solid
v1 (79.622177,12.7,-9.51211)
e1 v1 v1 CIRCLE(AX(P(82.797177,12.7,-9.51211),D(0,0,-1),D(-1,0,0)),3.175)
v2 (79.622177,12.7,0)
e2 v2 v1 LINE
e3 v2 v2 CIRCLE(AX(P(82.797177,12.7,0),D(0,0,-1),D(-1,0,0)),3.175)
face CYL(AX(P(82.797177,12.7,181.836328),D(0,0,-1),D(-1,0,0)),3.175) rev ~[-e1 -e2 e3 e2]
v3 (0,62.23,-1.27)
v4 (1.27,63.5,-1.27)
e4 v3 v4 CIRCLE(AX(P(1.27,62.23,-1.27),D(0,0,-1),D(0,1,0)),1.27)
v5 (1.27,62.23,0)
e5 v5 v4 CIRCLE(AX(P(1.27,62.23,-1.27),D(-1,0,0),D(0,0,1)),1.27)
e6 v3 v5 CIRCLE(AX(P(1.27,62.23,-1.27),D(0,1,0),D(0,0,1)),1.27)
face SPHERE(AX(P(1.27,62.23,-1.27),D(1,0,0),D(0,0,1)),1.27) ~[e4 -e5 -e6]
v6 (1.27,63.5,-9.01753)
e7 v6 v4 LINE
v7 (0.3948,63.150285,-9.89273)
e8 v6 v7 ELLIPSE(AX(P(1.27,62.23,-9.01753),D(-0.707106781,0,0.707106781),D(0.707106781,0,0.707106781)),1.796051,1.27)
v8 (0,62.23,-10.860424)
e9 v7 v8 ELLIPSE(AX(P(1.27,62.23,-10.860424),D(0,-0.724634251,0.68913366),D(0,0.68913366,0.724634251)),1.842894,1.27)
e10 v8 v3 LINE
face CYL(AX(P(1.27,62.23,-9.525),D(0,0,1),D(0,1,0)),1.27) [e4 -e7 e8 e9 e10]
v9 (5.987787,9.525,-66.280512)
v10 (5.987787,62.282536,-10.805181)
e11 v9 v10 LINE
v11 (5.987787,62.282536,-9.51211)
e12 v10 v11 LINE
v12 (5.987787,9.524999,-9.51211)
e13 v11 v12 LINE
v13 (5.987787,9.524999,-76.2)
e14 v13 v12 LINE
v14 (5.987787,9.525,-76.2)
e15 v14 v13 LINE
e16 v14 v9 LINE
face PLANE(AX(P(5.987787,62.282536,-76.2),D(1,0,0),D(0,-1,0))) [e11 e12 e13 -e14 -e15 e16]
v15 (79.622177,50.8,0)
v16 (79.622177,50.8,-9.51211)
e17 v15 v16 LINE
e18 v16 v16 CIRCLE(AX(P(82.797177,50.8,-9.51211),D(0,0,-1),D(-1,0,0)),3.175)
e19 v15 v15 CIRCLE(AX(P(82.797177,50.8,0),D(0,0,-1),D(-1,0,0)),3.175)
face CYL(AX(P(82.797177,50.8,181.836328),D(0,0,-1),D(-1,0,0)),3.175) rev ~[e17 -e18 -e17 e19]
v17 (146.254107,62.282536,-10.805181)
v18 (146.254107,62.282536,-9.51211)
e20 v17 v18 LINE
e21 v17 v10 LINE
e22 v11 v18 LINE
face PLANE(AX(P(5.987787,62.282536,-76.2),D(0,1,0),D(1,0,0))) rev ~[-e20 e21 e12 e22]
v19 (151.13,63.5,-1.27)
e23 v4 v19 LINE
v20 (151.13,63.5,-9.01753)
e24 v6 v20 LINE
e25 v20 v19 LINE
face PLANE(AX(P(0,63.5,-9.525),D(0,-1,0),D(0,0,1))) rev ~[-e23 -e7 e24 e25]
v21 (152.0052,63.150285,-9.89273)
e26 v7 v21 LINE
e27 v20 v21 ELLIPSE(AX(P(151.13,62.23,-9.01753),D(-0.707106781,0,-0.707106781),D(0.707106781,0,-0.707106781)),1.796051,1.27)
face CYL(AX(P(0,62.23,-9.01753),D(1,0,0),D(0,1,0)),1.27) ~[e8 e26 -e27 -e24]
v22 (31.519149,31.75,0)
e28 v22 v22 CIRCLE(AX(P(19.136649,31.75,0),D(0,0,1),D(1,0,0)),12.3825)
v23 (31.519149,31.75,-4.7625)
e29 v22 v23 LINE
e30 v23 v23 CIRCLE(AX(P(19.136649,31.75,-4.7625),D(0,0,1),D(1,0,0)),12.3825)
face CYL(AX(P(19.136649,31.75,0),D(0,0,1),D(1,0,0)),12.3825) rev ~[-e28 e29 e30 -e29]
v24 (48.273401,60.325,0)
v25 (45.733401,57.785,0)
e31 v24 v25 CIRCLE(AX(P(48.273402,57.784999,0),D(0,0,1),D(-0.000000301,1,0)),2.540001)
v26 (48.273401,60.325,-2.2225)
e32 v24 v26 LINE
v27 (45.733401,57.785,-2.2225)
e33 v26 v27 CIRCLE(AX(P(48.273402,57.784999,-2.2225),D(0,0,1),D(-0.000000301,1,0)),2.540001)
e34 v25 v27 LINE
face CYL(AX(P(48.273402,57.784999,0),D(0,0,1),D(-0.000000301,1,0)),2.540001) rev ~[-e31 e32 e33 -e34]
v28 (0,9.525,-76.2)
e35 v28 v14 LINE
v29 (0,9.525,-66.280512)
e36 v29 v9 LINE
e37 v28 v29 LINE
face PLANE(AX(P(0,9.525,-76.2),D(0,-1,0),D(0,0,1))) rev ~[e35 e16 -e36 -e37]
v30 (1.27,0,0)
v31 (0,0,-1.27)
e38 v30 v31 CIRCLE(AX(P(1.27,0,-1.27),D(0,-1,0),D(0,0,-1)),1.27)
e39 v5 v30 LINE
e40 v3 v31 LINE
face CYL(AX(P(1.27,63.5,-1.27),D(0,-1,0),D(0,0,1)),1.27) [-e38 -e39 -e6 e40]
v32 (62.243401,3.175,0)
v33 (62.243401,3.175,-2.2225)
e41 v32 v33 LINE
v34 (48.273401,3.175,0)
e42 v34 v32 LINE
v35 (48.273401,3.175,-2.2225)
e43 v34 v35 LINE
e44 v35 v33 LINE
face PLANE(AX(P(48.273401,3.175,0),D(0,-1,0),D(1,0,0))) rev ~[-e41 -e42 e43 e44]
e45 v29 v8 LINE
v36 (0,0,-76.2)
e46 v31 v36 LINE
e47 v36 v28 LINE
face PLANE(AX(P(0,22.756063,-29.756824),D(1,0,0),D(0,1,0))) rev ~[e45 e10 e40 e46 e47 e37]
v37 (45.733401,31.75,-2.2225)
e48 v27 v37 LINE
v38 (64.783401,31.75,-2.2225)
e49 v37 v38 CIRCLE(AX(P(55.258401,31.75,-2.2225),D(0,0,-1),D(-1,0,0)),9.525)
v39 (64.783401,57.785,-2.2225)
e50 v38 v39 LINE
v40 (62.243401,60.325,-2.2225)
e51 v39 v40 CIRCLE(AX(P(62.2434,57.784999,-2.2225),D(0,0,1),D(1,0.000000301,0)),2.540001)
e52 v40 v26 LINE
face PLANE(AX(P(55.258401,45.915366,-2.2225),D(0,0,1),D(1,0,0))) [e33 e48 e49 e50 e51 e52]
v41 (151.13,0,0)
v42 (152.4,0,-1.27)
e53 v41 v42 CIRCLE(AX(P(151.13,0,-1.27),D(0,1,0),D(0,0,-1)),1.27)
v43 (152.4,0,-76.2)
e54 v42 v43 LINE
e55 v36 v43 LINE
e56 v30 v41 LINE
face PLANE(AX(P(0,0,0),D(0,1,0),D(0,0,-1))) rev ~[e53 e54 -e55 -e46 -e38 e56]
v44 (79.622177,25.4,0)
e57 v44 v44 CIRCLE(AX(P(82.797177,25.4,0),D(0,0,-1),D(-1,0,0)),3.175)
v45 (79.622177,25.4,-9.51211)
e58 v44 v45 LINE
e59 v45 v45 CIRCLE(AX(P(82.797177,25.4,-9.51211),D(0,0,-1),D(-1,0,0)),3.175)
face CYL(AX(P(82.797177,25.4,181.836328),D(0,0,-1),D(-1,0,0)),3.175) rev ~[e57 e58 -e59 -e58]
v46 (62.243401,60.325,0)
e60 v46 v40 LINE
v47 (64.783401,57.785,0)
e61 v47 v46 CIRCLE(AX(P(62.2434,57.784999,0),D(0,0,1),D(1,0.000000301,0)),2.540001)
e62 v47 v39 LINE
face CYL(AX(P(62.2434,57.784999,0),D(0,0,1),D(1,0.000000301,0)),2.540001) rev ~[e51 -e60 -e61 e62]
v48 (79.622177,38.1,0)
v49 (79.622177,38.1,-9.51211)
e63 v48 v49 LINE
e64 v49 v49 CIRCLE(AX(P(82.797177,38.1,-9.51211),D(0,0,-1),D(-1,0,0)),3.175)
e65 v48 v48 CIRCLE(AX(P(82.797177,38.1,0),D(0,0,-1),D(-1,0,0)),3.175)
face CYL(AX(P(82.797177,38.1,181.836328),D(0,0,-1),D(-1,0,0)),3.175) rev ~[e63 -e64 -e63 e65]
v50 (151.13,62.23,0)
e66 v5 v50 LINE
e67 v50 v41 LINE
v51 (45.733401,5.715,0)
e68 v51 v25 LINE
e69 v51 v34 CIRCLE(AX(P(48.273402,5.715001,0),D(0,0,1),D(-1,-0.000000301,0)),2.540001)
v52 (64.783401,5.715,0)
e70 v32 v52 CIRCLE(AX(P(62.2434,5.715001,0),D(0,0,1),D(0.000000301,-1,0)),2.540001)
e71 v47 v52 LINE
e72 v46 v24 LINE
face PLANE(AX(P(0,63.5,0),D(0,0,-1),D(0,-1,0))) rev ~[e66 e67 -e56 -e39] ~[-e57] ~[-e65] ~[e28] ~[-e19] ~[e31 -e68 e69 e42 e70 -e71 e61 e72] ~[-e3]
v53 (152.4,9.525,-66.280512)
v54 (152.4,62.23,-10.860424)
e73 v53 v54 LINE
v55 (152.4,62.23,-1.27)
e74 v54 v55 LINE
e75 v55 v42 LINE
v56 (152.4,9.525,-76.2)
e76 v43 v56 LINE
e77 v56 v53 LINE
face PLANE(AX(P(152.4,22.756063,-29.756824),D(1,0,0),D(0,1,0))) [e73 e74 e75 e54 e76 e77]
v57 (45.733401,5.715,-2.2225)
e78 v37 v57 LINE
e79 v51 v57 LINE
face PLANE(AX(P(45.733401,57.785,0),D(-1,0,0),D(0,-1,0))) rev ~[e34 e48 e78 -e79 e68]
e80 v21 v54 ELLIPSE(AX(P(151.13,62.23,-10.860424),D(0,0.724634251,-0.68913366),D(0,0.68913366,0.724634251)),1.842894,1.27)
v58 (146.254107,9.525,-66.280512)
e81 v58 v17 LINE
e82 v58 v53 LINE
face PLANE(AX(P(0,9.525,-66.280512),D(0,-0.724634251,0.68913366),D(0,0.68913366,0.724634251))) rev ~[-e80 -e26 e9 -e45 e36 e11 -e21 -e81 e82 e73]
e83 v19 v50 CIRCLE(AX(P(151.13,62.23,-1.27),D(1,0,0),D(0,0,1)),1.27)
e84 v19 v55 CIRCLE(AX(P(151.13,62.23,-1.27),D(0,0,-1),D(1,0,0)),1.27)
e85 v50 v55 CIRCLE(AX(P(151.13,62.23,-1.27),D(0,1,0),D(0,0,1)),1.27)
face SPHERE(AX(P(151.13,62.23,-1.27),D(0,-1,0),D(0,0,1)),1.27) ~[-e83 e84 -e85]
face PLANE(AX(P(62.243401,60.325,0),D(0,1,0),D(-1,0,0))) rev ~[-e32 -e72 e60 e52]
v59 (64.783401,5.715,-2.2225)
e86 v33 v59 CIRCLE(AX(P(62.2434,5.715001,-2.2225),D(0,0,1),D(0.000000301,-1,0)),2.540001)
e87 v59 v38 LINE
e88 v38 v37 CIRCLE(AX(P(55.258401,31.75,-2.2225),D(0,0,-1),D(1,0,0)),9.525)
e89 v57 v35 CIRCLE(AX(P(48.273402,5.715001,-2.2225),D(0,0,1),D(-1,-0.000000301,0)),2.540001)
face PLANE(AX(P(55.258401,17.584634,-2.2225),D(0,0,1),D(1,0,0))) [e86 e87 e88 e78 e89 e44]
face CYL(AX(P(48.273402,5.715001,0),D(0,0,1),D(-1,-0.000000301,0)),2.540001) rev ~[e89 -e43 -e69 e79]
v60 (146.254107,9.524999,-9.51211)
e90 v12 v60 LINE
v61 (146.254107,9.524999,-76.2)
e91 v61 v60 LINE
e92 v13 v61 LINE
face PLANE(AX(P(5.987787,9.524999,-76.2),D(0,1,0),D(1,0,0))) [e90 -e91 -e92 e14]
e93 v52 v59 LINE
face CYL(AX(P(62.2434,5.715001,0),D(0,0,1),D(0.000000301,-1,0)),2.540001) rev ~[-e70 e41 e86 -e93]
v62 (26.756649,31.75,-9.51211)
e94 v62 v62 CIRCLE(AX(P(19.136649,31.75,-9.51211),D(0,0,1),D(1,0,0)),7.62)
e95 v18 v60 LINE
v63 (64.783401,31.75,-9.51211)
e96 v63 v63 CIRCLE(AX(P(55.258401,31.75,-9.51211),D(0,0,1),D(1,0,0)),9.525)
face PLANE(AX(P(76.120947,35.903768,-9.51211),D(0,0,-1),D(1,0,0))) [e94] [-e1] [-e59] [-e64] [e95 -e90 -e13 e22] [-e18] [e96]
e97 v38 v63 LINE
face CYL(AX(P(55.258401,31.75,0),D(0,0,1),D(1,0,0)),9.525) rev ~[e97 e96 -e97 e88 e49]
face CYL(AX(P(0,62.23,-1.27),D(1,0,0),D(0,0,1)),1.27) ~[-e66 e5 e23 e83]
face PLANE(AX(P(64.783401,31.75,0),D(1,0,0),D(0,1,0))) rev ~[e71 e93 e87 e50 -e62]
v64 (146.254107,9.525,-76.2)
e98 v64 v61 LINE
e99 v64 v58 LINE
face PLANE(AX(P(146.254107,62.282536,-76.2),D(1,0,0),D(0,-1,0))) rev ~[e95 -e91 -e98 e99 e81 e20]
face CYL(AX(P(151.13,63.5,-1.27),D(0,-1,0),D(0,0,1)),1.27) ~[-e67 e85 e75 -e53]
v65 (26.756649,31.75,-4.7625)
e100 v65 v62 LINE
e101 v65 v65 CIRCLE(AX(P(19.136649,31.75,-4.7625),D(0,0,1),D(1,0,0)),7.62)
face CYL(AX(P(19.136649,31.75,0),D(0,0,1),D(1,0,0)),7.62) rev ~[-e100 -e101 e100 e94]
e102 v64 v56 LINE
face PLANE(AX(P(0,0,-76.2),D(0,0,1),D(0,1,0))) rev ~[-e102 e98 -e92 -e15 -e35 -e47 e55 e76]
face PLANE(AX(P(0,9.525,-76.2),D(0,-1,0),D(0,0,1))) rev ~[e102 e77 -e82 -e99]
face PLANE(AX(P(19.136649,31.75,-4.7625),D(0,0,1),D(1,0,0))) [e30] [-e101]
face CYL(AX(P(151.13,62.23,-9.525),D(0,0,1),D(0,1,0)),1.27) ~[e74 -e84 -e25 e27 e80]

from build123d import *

# Parameters (mm, degrees)
F1_DEPTH = 152.4
F2_W     = 140.266319
F2_H     = 52.757537
F3_DEPTH = 66.68789
F4_R     = 7.62
F5_DEPTH = 25.4
F4_R_2   = 12.3825
F6_DEPTH = 4.7625
F7_DEPTH = 25.4
F8_DEPTH = 2.2225
F9_DEPTH = 2.2225
F10_D    = 6.35
F11_R    = 1.27


with BuildPart() as f1:
    # F0 (on Right) → F1 (new body)
    with BuildSketch(Plane.YZ):
        Polygon((63.5, 0), (0, 0), (0, -76.2), (9.525, -76.2), (9.525, -66.280512), (63.5, -9.525), align=None)
    extrude(amount=F1_DEPTH)

    # F2 (on face) → F3 (cut)
    with BuildSketch(Plane(origin=(0, 0, -76.2), x_dir=(1, 0, 0), z_dir=(0, 0, -1))):
        with Locations((76.120947, -35.903768)):
            Rectangle(F2_W, F2_H)
    extrude(amount=-F3_DEPTH, mode=Mode.SUBTRACT)

    # F4 (on face) → F5 (cut)
    with BuildSketch(Plane.XY):
        with Locations((19.136649, 31.75)):
            Circle(F4_R)
    extrude(amount=-F5_DEPTH, mode=Mode.SUBTRACT)

    # F4 (on face) → F6 (cut)
    with BuildSketch(Plane.XY):
        with Locations((19.136649, 31.75)):
            Circle(F4_R_2)
        with Locations((19.136649, 31.75)):
            Circle(F4_R, mode=Mode.SUBTRACT)
    extrude(amount=-F6_DEPTH, mode=Mode.SUBTRACT)

    # F4 (on face) → F7 (cut)
    with BuildSketch(Plane.XY):
        with BuildLine():
            ThreePointArc((45.733401, 31.75), (55.258401, 22.225), (64.783401, 31.75))
            ThreePointArc((64.783401, 31.75), (55.258401, 41.275), (45.733401, 31.75))
        make_face()
    extrude(amount=-F7_DEPTH, mode=Mode.SUBTRACT)

    # F4 (on face) → F8 (cut)
    with BuildSketch(Plane.XY):
        with BuildLine():
            ThreePointArc((45.733401, 31.75), (55.258401, 41.275), (64.783401, 31.75))
            Line((64.783401, 31.75), (64.783401, 57.785))
            ThreePointArc((64.783401, 57.785), (64.039452, 59.581051), (62.243401, 60.325))
            Line((62.243401, 60.325), (48.273401, 60.325))
            ThreePointArc((48.273401, 60.325), (46.47735, 59.581051), (45.733401, 57.785))
            Line((45.733401, 57.785), (45.733401, 31.75))
        make_face()
    extrude(amount=-F8_DEPTH, mode=Mode.SUBTRACT)

    # F4 (on face) → F9 (cut)
    with BuildSketch(Plane.XY):
        with BuildLine():
            Line((64.783401, 5.715), (64.783401, 31.75))
            ThreePointArc((64.783401, 31.75), (55.258401, 22.225), (45.733401, 31.75))
            Line((45.733401, 31.75), (45.733401, 5.715))
            ThreePointArc((45.733401, 5.715), (46.47735, 3.918949), (48.273401, 3.175))
            Line((48.273401, 3.175), (62.243401, 3.175))
            ThreePointArc((62.243401, 3.175), (64.039452, 3.918949), (64.783401, 5.715))
        make_face()
    extrude(amount=-F9_DEPTH, mode=Mode.SUBTRACT)

    # F10 (through all)
    with Locations(Plane.XY):
        with Locations((82.797177, 50.8), (82.797177, 38.1), (82.797177, 25.4), (82.797177, 12.7)):
            Hole(F10_D / 2)

    # F11
    f11_edges = [f1.edges().sort_by_distance(p)[0] for p in [
        (152.4, 31.75, 0),
        (76.2, 63.5, 0),
        (0, 31.75, 0),
        (0, 63.5, -4.7625),
        (152.4, 63.5, -4.7625),
        (76.2, 63.5, -9.525),
    ]]
    fillet(f11_edges, radius=F11_R)


solid = f1.part
